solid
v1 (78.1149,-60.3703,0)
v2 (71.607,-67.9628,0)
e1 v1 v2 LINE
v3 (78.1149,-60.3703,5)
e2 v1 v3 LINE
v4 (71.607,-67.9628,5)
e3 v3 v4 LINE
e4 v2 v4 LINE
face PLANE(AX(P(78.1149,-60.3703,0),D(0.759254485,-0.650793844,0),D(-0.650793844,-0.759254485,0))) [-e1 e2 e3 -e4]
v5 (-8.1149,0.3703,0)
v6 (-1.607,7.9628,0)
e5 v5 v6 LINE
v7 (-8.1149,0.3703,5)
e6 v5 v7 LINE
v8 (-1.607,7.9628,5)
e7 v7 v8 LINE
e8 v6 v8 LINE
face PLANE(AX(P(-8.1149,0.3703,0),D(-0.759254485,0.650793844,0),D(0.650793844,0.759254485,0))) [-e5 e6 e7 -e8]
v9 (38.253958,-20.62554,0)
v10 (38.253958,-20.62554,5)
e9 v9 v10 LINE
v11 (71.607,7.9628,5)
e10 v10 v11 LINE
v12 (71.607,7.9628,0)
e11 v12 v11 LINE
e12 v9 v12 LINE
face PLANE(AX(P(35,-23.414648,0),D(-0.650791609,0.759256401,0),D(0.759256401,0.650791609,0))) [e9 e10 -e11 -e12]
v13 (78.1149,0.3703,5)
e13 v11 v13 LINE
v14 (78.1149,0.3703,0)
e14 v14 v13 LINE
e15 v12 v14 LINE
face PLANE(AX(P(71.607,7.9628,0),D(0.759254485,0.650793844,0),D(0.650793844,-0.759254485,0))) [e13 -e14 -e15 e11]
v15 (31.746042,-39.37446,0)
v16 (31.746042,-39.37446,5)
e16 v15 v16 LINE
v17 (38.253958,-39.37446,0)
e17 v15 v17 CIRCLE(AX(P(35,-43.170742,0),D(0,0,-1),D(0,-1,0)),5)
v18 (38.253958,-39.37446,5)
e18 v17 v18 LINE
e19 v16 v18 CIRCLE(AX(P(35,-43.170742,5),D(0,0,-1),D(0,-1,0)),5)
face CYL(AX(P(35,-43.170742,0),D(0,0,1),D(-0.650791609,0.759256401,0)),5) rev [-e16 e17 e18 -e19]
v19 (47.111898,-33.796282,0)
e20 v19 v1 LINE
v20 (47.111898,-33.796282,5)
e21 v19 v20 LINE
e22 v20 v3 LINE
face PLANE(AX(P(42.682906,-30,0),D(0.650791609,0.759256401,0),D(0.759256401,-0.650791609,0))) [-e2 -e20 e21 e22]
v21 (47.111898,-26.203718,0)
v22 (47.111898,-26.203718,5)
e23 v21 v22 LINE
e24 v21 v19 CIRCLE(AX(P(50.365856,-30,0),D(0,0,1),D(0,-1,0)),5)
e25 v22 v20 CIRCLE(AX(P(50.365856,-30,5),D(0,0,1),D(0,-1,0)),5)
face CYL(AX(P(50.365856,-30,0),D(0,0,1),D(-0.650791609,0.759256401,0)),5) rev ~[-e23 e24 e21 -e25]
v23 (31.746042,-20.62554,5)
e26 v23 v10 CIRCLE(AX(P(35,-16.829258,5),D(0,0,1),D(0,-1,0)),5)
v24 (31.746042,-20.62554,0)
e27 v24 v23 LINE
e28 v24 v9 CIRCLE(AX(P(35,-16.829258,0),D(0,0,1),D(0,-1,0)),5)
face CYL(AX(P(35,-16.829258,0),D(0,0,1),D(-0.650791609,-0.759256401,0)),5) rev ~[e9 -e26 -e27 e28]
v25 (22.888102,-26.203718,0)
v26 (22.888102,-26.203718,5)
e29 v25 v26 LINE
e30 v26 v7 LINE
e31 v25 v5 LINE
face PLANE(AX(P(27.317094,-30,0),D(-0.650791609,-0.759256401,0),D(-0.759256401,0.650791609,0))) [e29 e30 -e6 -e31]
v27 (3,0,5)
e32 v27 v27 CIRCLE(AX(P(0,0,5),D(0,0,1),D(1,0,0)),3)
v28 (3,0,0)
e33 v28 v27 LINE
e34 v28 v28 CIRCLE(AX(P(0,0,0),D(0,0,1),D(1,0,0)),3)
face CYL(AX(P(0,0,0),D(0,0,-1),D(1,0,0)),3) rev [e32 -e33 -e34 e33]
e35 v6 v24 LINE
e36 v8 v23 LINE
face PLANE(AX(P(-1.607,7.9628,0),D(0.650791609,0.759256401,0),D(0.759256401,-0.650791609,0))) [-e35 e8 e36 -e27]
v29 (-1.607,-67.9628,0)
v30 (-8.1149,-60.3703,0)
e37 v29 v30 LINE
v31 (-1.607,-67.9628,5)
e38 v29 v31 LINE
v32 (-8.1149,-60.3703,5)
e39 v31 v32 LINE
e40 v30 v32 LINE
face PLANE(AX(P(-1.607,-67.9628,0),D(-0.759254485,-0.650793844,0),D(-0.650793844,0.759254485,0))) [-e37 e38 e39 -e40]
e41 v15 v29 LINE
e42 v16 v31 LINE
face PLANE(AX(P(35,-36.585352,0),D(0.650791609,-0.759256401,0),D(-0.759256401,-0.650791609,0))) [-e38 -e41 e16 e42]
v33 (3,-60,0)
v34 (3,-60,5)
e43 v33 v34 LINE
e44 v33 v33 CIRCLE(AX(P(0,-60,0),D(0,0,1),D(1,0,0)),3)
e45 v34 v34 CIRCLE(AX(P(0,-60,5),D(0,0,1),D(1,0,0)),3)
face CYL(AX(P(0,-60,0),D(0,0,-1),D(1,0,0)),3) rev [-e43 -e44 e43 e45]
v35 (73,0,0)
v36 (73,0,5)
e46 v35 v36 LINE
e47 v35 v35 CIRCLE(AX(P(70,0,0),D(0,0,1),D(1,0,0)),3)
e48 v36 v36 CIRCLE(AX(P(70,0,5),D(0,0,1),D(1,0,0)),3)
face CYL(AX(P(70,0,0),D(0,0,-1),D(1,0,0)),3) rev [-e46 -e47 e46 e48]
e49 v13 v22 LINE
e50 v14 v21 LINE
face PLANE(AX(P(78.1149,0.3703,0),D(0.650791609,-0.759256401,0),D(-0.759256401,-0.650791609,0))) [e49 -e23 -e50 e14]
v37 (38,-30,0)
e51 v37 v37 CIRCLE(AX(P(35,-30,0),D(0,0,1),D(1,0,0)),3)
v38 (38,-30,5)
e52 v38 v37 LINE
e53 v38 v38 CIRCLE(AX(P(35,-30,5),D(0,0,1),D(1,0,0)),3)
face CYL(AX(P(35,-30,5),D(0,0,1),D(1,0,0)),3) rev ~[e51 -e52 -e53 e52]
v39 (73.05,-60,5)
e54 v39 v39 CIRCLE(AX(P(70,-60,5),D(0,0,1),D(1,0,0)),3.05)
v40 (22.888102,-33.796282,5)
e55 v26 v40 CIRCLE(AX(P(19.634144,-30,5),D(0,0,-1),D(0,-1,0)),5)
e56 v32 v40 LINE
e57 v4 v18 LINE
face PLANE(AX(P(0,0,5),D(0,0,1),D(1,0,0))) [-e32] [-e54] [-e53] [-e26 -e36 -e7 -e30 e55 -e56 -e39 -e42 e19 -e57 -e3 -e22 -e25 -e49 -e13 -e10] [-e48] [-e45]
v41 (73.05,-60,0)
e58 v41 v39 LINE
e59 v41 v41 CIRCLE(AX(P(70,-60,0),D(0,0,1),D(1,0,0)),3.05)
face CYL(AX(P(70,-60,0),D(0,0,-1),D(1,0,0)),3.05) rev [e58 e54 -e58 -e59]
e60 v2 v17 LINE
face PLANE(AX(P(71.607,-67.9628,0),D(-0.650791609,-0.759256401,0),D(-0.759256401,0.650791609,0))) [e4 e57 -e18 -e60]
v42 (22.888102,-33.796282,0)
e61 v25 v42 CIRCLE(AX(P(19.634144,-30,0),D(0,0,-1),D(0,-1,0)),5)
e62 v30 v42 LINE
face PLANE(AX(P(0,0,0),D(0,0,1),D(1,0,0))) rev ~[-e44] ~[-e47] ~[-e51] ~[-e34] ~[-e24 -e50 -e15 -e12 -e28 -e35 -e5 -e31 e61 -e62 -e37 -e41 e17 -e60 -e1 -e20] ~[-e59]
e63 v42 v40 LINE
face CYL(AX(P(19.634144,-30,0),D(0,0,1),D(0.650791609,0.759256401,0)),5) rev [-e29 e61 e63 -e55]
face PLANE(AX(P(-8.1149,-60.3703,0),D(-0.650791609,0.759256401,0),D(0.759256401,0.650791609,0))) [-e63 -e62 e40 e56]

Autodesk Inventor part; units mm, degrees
ref_plane "YZ Plane" through (0, 0, 0) normal (1, 0, 0) x (0, 1, 0)
ref_plane "XZ Plane" through (0, 0, 0) normal (0, 1, 0) x (-1, 0, 0)
ref_plane "XY Plane" through (0, 0, 0) normal (0, 0, 1) x (1, 0, 0)
sketch "Sketch1" plane through (0, 0, 0) normal (0, 0, 1) x (1, 0, 0)
  circle A0 centre (0, 0) radius 3 projected
  circle A1 centre (0, -60) radius 3 projected
  circle A2 centre (70, 0) radius 3 projected
  circle A3 centre (70, -60) radius 3.05 projected
  circle A4 centre (37.1599, -42) radius 6.15 construction
  line L0 (70, 0) -> (0, -60) construction
  line L1 (70, -60) -> (0, 0) construction
  circle A5 centre (35, -30) radius 2.5 construction
  line L2 (-1.607, 7.9628) -> (78.1149, -60.3703)
  line L3 (78.1149, -60.3703) -> (71.607, -67.9628)
  line L4 (71.607, -67.9628) -> (-8.1149, 0.3703)
  line L5 (-8.1149, 0.3703) -> (-1.607, 7.9628)
  line L6 (-1.607, 7.9628) -> (71.607, -67.9628) construction
  line L7 (78.1149, -60.3703) -> (-8.1149, 0.3703) construction
  line L8 (78.1149, 0.3703) -> (-1.607, -67.9628)
  line L9 (-1.607, -67.9628) -> (-8.1149, -60.3703)
  line L10 (-8.1149, -60.3703) -> (71.607, 7.9628)
  line L11 (71.607, 7.9628) -> (78.1149, 0.3703)
  line L12 (78.1149, 0.3703) -> (-8.1149, -60.3703) construction
  line L13 (-1.607, -67.9628) -> (71.607, 7.9628) construction
  point P0 (0, 0)
  dimension "d0" = 5
  dimension "d1" = 105
  dimension "d2" = 10
  dimension "d3" = 105
  dimension "d4" = 10
extrude "Extrusion1" add sketch "Sketch1" along normal blind 5
sketch "Sketch2" plane through (0, 0, 5) normal (0, 0, 1) x (1, 0, 0)
  circle A0 centre (0, -60) radius 3 projected
  circle A1 centre (70, 0) radius 3 projected
  circle A2 centre (70, -60) radius 3.05 projected
  circle A3 centre (0, 0) radius 3 projected
  line L0 (35, -23.4146) -> (-1.607, 7.9628) projected
  line L1 (-1.607, 7.9628) -> (-8.1149, 0.3703) projected
  line L2 (-8.1149, 0.3703) -> (27.317, -30) projected
  line L3 (27.317, -30) -> (-8.1149, -60.3703) projected
  line L4 (-8.1149, -60.3703) -> (-1.607, -67.9628) projected
  line L5 (-1.607, -67.9628) -> (35, -36.5854) projected
  line L6 (35, -36.5854) -> (71.607, -67.9628) projected
  line L7 (71.607, -67.9628) -> (78.1149, -60.3703) projected
  line L8 (78.1149, -60.3703) -> (42.683, -30) projected
  line L9 (42.683, -30) -> (78.1149, 0.3703) projected
  line L10 (78.1149, 0.3703) -> (71.607, 7.9628) projected
  line L11 (71.607, 7.9628) -> (35, -23.4146) projected
  circle A4 centre (35, -30) radius 3
  point P0 (0, 0)
  dimension "d7" = 6
extrude "Extrusion2" cut sketch "Sketch2" against normal through all contours A4
fillet "Fillet1" radius 5 4 edges at (35, -23.4146, 2.5) (27.317, -30, 2.5) (35, -36.5854, 2.5) (42.683, -30, 2.5)
properties part number "cellSTORM_inverted_LED"
